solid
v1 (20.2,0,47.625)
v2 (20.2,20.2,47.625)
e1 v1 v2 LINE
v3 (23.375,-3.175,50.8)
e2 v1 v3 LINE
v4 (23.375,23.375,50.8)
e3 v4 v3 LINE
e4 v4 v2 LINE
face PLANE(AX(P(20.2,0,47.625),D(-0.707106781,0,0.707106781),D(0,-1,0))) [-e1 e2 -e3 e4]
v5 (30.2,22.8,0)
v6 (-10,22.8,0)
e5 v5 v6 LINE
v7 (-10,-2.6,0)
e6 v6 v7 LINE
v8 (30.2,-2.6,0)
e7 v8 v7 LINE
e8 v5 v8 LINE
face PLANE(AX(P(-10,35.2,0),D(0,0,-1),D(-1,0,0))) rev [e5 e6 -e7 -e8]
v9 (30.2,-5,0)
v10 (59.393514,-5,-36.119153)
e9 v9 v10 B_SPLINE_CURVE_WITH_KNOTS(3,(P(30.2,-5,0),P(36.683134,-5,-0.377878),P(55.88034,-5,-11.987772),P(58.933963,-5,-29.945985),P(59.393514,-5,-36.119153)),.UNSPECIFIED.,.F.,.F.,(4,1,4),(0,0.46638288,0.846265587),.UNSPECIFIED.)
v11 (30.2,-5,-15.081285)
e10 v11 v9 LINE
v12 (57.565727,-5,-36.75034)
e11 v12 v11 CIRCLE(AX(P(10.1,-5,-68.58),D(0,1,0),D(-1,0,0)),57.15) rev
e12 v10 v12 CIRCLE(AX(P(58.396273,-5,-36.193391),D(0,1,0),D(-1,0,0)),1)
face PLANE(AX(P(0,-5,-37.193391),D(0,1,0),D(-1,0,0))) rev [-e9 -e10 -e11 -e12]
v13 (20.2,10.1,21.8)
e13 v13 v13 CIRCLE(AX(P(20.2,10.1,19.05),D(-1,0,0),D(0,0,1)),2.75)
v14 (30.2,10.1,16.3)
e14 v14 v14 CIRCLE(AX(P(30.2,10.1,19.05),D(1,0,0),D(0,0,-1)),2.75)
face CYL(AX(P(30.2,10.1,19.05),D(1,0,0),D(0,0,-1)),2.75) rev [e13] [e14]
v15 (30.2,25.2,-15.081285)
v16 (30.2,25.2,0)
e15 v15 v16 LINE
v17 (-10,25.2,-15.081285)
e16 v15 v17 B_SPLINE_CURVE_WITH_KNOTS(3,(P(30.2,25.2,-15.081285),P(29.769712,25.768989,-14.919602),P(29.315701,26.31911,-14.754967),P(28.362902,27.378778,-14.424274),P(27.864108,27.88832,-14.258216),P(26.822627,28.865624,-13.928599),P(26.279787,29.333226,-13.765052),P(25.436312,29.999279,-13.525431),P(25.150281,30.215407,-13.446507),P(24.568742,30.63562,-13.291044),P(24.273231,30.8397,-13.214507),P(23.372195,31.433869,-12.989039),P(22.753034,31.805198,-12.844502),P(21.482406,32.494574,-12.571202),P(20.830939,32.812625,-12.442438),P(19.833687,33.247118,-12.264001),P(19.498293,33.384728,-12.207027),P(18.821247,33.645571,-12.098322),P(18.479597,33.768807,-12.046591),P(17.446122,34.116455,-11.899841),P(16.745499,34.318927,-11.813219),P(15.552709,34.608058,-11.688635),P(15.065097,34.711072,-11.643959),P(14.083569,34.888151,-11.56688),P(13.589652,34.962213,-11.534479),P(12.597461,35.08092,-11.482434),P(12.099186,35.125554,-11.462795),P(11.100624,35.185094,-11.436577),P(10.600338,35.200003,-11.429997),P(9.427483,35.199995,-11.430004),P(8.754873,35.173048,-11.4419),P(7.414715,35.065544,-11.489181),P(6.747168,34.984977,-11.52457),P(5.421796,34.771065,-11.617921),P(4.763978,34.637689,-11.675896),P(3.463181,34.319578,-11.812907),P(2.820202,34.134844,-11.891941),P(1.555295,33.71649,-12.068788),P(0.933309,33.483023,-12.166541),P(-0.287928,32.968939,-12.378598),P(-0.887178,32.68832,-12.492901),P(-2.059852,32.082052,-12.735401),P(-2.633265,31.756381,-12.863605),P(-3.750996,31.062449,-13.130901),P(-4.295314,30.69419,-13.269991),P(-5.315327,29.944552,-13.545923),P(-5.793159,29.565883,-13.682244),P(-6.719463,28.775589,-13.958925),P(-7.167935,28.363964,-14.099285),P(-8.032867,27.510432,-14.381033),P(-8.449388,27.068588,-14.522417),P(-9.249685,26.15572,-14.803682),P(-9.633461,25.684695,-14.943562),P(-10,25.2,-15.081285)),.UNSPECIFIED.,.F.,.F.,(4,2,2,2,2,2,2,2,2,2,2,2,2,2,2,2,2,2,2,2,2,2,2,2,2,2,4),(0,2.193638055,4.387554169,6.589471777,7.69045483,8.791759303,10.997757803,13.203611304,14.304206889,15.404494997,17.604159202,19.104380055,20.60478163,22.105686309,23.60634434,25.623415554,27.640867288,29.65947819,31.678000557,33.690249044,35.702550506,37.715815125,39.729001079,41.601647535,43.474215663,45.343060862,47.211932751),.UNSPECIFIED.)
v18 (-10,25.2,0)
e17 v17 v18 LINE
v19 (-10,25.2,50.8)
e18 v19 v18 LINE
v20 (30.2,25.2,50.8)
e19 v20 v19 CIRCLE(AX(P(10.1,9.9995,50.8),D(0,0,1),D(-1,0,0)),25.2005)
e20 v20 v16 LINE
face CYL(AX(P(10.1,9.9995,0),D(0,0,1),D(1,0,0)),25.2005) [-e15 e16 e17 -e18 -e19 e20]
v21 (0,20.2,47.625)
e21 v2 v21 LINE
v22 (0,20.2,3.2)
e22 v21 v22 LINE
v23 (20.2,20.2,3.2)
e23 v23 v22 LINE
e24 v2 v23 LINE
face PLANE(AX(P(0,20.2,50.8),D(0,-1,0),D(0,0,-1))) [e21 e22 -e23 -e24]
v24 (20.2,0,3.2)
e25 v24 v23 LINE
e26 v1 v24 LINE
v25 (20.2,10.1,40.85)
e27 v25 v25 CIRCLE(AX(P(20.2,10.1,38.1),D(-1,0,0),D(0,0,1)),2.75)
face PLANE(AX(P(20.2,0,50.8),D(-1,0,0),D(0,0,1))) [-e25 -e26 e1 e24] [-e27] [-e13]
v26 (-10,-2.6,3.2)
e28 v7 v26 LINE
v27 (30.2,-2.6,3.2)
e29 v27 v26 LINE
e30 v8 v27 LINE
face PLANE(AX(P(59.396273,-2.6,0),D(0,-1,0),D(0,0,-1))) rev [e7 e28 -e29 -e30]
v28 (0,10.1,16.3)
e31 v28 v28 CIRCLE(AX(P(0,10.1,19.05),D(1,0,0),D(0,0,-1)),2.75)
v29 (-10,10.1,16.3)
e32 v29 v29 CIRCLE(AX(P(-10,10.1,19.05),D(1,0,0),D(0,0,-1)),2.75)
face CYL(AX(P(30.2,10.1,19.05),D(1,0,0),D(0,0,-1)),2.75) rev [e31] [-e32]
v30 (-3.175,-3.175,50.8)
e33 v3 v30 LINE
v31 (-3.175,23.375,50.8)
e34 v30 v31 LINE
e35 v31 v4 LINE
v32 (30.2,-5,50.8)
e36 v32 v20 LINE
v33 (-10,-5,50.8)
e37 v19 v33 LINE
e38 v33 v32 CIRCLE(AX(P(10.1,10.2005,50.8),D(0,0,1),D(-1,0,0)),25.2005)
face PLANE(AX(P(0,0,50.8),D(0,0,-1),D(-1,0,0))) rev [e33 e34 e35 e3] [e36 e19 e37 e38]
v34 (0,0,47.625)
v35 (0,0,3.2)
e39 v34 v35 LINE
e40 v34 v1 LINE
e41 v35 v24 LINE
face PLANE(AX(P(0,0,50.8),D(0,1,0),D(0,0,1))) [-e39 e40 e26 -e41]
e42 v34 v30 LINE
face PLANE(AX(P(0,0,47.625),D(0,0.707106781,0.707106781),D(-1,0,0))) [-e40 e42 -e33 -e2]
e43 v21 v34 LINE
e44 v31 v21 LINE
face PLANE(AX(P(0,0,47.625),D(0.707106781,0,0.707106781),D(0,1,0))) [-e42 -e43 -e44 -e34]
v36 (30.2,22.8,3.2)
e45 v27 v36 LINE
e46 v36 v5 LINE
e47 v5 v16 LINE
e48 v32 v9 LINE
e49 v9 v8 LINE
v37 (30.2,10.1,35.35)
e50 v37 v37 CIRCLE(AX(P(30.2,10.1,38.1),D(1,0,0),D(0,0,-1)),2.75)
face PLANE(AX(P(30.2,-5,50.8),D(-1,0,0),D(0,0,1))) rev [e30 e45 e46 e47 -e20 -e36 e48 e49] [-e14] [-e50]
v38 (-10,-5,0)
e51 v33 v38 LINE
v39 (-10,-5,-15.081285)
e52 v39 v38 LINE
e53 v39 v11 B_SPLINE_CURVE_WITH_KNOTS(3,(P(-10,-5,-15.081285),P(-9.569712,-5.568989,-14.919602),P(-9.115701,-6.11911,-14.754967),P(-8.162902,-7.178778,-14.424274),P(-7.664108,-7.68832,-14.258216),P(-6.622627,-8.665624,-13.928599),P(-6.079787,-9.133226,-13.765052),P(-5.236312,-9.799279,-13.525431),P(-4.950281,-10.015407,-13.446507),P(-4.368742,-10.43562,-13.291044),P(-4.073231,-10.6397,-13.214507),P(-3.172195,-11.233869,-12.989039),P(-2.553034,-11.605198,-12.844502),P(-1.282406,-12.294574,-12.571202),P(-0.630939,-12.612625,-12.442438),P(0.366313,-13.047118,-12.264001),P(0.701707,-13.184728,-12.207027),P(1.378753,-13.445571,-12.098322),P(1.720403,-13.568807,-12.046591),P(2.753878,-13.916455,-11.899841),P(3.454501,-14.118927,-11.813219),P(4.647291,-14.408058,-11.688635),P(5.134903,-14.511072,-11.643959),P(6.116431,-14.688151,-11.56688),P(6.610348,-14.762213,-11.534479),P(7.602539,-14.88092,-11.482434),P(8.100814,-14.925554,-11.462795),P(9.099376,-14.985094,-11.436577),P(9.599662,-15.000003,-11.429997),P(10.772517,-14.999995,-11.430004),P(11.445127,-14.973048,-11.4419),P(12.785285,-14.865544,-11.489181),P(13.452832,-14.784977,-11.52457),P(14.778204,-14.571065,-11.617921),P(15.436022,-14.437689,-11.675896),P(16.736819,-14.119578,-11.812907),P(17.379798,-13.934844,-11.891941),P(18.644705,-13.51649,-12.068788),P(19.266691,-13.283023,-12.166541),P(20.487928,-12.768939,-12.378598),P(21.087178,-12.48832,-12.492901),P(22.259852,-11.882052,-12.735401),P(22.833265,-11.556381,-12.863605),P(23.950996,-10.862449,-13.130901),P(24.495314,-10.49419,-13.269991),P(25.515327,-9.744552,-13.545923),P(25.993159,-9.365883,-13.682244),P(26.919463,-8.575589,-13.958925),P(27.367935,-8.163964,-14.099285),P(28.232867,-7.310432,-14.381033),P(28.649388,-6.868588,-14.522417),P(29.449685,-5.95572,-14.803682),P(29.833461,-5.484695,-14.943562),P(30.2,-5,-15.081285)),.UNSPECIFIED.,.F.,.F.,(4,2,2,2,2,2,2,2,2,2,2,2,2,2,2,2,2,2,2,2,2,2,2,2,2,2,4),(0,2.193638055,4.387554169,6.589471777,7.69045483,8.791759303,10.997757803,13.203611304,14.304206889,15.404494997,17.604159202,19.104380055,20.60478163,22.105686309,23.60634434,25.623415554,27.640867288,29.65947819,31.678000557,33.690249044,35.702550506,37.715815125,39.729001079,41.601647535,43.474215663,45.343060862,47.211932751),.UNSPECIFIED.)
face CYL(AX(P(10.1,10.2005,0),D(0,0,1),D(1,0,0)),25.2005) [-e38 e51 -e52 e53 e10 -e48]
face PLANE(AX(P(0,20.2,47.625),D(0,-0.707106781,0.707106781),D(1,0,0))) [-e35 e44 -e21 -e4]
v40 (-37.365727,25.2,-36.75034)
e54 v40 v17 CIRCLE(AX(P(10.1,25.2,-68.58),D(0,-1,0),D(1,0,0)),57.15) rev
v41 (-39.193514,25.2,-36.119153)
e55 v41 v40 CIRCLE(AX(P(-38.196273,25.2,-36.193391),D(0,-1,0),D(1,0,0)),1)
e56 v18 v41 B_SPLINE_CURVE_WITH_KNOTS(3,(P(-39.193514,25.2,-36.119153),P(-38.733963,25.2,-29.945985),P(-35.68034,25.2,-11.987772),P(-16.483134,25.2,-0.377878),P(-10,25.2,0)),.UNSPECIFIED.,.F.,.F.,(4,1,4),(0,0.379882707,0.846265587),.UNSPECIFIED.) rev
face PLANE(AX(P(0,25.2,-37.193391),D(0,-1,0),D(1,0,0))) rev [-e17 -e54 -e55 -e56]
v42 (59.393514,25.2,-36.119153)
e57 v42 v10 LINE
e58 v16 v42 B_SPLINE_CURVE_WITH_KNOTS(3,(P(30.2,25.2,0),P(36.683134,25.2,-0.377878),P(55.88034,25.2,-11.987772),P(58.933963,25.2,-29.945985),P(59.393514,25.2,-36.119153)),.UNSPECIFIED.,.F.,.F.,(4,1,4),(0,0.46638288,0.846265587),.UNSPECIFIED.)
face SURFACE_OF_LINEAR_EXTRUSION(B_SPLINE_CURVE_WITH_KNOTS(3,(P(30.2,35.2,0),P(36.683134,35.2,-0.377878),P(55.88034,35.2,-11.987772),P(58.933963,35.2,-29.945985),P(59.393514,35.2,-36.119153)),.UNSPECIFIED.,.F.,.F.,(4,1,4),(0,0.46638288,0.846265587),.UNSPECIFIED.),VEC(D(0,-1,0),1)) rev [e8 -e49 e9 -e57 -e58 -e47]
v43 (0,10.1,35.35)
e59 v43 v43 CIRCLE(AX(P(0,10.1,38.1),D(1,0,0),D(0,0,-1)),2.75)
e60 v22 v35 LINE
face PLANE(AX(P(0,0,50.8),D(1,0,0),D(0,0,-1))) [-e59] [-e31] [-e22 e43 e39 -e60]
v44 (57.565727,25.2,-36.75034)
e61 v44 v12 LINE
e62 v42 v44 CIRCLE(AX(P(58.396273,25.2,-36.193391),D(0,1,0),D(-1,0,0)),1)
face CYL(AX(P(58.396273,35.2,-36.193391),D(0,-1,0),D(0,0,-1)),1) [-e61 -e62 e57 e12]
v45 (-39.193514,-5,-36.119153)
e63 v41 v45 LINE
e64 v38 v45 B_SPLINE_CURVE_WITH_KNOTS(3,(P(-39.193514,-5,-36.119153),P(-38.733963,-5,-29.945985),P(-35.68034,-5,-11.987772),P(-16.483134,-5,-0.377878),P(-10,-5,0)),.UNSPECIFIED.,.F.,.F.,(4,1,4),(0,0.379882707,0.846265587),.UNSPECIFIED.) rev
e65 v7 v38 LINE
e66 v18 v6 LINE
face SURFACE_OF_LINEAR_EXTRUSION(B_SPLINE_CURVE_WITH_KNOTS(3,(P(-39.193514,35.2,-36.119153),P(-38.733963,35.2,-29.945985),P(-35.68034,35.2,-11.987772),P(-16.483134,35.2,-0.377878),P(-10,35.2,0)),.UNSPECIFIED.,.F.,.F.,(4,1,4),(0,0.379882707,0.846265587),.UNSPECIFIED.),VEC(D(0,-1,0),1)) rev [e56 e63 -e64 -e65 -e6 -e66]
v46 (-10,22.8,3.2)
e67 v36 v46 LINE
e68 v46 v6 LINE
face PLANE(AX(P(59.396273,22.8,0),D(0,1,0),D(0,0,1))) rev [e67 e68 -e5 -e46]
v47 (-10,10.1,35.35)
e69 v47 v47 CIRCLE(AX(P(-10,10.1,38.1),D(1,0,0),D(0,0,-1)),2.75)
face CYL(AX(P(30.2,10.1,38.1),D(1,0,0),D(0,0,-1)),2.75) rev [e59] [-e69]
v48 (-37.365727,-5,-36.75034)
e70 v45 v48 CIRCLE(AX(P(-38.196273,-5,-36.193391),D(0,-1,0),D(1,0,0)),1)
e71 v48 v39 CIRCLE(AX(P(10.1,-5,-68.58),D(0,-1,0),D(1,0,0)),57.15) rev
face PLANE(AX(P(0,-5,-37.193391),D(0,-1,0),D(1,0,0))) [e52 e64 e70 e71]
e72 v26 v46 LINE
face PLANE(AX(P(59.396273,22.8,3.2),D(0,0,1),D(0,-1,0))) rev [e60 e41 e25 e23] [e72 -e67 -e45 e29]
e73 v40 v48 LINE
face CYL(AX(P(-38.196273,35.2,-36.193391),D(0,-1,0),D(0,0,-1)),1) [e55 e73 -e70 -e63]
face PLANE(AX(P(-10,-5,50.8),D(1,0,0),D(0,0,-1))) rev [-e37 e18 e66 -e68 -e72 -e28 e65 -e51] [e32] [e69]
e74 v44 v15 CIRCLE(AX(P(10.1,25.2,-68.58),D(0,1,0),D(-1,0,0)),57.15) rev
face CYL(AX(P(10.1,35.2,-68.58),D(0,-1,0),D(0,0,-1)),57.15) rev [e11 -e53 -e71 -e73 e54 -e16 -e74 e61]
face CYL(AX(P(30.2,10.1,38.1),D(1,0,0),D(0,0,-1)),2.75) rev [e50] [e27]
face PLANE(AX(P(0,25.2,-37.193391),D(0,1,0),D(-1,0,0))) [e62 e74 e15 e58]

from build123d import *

# Parameters (mm, degrees)
SKETCH_1_W           = 40.2
SKETCH_1_H           = 30.2
SKETCH_1_W_2         = 20.2
SKETCH_1_H_2         = 20.2
EXTRUDE_1_DEPTH      = 50.8
EXTRUDE_2_DEPTH      = 10
EXTRUDE_2_DEPTH_BACK = 40.2
SKETCH_4_W           = 3.2
SKETCH_4_H           = 25.4
CUT_EXTRUDE_2_DEPTH  = 93.927513655
CHAMFER_1_SIZE       = 3.175
HOLE_WIZARD_M5_1_D   = 5.5
EXTRUDE_3_DEPTH      = 50.8
CUT_EXTRUDE_3_DEPTH  = 112.847190984


with BuildPart() as part:
    # 草图1 → 凸台-拉伸1 (new body)
    with BuildSketch(Plane.XY):
        with Locations((10.1, 10.1)):
            Rectangle(SKETCH_1_W, SKETCH_1_H)
        with Locations((10.1, 10.1)):
            Rectangle(SKETCH_1_W_2, SKETCH_1_H_2, mode=Mode.SUBTRACT)
    extrude(amount=EXTRUDE_1_DEPTH)

    # 草图3 → 凸台-拉伸2 (add, two sides: drawn at the far end of the back side and taken through both)
    with BuildSketch(Plane(origin=(0, 25.2, 0), x_dir=(1, 0, 0), z_dir=(0, 1, 0)).offset(-EXTRUDE_2_DEPTH_BACK)):
        with BuildLine():
            Line((-10, 0), (30.2, 0))
            add(Edge.make_bspline(
                [(30.2, 0), (36.683134474, 0.377878079), (55.880340128, 11.98777216), (58.933962636, 29.945985381), (59.393514037, 36.119152658)],
                knots=[0, 0, 0, 0, 0.46638288, 0.846265587, 0.846265587, 0.846265587, 0.846265587], degree=3))
            ThreePointArc((59.393514037, 36.119152658), (58.722687502, 37.138617507), (57.565727076, 36.75034004))
            ThreePointArc((57.565727076, 36.75034004), (10.1, 11.43), (-37.365727076, 36.75034004))
            ThreePointArc((-37.365727076, 36.75034004), (-38.522687502, 37.138617507), (-39.193514037, 36.119152658))
            add(Edge.make_bspline(
                [(-10, 0), (-16.483134474, 0.377878079), (-35.680340128, 11.98777216), (-38.733962636, 29.945985381), (-39.193514037, 36.119152658)],
                knots=[0, 0, 0, 0, 0.46638288, 0.846265587, 0.846265587, 0.846265587, 0.846265587], degree=3))
        make_face()
    extrude(amount=EXTRUDE_2_DEPTH + EXTRUDE_2_DEPTH_BACK)

    # 草图4 → 切除-拉伸2 (cut, through all)
    with BuildSketch(Plane.ZY.offset(10)):
        with Locations((1.6, 10.1)):
            Rectangle(SKETCH_4_W, SKETCH_4_H)
    extrude(amount=-CUT_EXTRUDE_2_DEPTH, mode=Mode.SUBTRACT)

    # 倒角1
    chamfer_1_edges = [part.edges().sort_by_distance(p)[0] for p in [
        (20.2, 10.1, 50.8),
        (10.1, 0, 50.8),
        (0, 10.1, 50.8),
        (10.1, 20.2, 50.8),
    ]]
    chamfer(chamfer_1_edges, length=CHAMFER_1_SIZE)

    # M5 间隙孔1 (through all)
    with Locations(Plane(origin=(30.2, 10.1, 38.1), x_dir=(0, 0, 1), z_dir=(1, 0, 0))):
        with Locations((0, 0), (-19.05, 0)):
            Hole(HOLE_WIZARD_M5_1_D / 2)

    # 草图12 → 凸台-拉伸3 (add)
    with BuildSketch(Plane.XY.offset(50.8)):
        with BuildLine():
            Line((-10, 25.2), (30.2, 25.2))
            ThreePointArc((30.2, 25.2), (10.1, 35.2), (-10, 25.2))
        make_face()
        with BuildLine():
            Line((-10, -5), (30.2, -5))
            ThreePointArc((30.2, -5), (10.1, -15), (-10, -5))
        make_face()
    extrude(amount=-EXTRUDE_3_DEPTH)

    # 草图14 → 切除-拉伸3 (cut, through all)
    with BuildSketch(Plane.XY.offset(50.8)):
        with BuildLine():
            Line((-53.451610889, 25.2), (-10, 25.2))
            ThreePointArc((-10, 25.2), (-1.125083519, 32.561917872), (10.1, 35.2))
            Line((10.1, 35.2), (-53.451610889, 35.2))
            Line((-53.451610889, 35.2), (-53.451610889, 25.2))
        make_face()
        with BuildLine():
            Line((73.651610889, 35.2), (10.1, 35.2))
            ThreePointArc((10.1, 35.2), (21.325083519, 32.561917872), (30.2, 25.2))
            Line((30.2, 25.2), (73.651610889, 25.2))
            Line((73.651610889, 25.2), (73.651610889, 35.2))
        make_face()
        with BuildLine():
            ThreePointArc((10.1, -15), (-1.125083519, -12.361917872), (-10, -5))
            Line((-10, -5), (-53.451610889, -5))
            Line((-53.451610889, -5), (-53.451610889, -15))
            Line((-53.451610889, -15), (10.1, -15))
        make_face()
        with BuildLine():
            ThreePointArc((30.2, -5), (21.325083519, -12.361917872), (10.1, -15))
            Line((10.1, -15), (73.651610889, -15))
            Line((73.651610889, -15), (73.651610889, -5))
            Line((73.651610889, -5), (30.2, -5))
        make_face()
    extrude(amount=-CUT_EXTRUDE_3_DEPTH, mode=Mode.SUBTRACT)


solid = part.part
